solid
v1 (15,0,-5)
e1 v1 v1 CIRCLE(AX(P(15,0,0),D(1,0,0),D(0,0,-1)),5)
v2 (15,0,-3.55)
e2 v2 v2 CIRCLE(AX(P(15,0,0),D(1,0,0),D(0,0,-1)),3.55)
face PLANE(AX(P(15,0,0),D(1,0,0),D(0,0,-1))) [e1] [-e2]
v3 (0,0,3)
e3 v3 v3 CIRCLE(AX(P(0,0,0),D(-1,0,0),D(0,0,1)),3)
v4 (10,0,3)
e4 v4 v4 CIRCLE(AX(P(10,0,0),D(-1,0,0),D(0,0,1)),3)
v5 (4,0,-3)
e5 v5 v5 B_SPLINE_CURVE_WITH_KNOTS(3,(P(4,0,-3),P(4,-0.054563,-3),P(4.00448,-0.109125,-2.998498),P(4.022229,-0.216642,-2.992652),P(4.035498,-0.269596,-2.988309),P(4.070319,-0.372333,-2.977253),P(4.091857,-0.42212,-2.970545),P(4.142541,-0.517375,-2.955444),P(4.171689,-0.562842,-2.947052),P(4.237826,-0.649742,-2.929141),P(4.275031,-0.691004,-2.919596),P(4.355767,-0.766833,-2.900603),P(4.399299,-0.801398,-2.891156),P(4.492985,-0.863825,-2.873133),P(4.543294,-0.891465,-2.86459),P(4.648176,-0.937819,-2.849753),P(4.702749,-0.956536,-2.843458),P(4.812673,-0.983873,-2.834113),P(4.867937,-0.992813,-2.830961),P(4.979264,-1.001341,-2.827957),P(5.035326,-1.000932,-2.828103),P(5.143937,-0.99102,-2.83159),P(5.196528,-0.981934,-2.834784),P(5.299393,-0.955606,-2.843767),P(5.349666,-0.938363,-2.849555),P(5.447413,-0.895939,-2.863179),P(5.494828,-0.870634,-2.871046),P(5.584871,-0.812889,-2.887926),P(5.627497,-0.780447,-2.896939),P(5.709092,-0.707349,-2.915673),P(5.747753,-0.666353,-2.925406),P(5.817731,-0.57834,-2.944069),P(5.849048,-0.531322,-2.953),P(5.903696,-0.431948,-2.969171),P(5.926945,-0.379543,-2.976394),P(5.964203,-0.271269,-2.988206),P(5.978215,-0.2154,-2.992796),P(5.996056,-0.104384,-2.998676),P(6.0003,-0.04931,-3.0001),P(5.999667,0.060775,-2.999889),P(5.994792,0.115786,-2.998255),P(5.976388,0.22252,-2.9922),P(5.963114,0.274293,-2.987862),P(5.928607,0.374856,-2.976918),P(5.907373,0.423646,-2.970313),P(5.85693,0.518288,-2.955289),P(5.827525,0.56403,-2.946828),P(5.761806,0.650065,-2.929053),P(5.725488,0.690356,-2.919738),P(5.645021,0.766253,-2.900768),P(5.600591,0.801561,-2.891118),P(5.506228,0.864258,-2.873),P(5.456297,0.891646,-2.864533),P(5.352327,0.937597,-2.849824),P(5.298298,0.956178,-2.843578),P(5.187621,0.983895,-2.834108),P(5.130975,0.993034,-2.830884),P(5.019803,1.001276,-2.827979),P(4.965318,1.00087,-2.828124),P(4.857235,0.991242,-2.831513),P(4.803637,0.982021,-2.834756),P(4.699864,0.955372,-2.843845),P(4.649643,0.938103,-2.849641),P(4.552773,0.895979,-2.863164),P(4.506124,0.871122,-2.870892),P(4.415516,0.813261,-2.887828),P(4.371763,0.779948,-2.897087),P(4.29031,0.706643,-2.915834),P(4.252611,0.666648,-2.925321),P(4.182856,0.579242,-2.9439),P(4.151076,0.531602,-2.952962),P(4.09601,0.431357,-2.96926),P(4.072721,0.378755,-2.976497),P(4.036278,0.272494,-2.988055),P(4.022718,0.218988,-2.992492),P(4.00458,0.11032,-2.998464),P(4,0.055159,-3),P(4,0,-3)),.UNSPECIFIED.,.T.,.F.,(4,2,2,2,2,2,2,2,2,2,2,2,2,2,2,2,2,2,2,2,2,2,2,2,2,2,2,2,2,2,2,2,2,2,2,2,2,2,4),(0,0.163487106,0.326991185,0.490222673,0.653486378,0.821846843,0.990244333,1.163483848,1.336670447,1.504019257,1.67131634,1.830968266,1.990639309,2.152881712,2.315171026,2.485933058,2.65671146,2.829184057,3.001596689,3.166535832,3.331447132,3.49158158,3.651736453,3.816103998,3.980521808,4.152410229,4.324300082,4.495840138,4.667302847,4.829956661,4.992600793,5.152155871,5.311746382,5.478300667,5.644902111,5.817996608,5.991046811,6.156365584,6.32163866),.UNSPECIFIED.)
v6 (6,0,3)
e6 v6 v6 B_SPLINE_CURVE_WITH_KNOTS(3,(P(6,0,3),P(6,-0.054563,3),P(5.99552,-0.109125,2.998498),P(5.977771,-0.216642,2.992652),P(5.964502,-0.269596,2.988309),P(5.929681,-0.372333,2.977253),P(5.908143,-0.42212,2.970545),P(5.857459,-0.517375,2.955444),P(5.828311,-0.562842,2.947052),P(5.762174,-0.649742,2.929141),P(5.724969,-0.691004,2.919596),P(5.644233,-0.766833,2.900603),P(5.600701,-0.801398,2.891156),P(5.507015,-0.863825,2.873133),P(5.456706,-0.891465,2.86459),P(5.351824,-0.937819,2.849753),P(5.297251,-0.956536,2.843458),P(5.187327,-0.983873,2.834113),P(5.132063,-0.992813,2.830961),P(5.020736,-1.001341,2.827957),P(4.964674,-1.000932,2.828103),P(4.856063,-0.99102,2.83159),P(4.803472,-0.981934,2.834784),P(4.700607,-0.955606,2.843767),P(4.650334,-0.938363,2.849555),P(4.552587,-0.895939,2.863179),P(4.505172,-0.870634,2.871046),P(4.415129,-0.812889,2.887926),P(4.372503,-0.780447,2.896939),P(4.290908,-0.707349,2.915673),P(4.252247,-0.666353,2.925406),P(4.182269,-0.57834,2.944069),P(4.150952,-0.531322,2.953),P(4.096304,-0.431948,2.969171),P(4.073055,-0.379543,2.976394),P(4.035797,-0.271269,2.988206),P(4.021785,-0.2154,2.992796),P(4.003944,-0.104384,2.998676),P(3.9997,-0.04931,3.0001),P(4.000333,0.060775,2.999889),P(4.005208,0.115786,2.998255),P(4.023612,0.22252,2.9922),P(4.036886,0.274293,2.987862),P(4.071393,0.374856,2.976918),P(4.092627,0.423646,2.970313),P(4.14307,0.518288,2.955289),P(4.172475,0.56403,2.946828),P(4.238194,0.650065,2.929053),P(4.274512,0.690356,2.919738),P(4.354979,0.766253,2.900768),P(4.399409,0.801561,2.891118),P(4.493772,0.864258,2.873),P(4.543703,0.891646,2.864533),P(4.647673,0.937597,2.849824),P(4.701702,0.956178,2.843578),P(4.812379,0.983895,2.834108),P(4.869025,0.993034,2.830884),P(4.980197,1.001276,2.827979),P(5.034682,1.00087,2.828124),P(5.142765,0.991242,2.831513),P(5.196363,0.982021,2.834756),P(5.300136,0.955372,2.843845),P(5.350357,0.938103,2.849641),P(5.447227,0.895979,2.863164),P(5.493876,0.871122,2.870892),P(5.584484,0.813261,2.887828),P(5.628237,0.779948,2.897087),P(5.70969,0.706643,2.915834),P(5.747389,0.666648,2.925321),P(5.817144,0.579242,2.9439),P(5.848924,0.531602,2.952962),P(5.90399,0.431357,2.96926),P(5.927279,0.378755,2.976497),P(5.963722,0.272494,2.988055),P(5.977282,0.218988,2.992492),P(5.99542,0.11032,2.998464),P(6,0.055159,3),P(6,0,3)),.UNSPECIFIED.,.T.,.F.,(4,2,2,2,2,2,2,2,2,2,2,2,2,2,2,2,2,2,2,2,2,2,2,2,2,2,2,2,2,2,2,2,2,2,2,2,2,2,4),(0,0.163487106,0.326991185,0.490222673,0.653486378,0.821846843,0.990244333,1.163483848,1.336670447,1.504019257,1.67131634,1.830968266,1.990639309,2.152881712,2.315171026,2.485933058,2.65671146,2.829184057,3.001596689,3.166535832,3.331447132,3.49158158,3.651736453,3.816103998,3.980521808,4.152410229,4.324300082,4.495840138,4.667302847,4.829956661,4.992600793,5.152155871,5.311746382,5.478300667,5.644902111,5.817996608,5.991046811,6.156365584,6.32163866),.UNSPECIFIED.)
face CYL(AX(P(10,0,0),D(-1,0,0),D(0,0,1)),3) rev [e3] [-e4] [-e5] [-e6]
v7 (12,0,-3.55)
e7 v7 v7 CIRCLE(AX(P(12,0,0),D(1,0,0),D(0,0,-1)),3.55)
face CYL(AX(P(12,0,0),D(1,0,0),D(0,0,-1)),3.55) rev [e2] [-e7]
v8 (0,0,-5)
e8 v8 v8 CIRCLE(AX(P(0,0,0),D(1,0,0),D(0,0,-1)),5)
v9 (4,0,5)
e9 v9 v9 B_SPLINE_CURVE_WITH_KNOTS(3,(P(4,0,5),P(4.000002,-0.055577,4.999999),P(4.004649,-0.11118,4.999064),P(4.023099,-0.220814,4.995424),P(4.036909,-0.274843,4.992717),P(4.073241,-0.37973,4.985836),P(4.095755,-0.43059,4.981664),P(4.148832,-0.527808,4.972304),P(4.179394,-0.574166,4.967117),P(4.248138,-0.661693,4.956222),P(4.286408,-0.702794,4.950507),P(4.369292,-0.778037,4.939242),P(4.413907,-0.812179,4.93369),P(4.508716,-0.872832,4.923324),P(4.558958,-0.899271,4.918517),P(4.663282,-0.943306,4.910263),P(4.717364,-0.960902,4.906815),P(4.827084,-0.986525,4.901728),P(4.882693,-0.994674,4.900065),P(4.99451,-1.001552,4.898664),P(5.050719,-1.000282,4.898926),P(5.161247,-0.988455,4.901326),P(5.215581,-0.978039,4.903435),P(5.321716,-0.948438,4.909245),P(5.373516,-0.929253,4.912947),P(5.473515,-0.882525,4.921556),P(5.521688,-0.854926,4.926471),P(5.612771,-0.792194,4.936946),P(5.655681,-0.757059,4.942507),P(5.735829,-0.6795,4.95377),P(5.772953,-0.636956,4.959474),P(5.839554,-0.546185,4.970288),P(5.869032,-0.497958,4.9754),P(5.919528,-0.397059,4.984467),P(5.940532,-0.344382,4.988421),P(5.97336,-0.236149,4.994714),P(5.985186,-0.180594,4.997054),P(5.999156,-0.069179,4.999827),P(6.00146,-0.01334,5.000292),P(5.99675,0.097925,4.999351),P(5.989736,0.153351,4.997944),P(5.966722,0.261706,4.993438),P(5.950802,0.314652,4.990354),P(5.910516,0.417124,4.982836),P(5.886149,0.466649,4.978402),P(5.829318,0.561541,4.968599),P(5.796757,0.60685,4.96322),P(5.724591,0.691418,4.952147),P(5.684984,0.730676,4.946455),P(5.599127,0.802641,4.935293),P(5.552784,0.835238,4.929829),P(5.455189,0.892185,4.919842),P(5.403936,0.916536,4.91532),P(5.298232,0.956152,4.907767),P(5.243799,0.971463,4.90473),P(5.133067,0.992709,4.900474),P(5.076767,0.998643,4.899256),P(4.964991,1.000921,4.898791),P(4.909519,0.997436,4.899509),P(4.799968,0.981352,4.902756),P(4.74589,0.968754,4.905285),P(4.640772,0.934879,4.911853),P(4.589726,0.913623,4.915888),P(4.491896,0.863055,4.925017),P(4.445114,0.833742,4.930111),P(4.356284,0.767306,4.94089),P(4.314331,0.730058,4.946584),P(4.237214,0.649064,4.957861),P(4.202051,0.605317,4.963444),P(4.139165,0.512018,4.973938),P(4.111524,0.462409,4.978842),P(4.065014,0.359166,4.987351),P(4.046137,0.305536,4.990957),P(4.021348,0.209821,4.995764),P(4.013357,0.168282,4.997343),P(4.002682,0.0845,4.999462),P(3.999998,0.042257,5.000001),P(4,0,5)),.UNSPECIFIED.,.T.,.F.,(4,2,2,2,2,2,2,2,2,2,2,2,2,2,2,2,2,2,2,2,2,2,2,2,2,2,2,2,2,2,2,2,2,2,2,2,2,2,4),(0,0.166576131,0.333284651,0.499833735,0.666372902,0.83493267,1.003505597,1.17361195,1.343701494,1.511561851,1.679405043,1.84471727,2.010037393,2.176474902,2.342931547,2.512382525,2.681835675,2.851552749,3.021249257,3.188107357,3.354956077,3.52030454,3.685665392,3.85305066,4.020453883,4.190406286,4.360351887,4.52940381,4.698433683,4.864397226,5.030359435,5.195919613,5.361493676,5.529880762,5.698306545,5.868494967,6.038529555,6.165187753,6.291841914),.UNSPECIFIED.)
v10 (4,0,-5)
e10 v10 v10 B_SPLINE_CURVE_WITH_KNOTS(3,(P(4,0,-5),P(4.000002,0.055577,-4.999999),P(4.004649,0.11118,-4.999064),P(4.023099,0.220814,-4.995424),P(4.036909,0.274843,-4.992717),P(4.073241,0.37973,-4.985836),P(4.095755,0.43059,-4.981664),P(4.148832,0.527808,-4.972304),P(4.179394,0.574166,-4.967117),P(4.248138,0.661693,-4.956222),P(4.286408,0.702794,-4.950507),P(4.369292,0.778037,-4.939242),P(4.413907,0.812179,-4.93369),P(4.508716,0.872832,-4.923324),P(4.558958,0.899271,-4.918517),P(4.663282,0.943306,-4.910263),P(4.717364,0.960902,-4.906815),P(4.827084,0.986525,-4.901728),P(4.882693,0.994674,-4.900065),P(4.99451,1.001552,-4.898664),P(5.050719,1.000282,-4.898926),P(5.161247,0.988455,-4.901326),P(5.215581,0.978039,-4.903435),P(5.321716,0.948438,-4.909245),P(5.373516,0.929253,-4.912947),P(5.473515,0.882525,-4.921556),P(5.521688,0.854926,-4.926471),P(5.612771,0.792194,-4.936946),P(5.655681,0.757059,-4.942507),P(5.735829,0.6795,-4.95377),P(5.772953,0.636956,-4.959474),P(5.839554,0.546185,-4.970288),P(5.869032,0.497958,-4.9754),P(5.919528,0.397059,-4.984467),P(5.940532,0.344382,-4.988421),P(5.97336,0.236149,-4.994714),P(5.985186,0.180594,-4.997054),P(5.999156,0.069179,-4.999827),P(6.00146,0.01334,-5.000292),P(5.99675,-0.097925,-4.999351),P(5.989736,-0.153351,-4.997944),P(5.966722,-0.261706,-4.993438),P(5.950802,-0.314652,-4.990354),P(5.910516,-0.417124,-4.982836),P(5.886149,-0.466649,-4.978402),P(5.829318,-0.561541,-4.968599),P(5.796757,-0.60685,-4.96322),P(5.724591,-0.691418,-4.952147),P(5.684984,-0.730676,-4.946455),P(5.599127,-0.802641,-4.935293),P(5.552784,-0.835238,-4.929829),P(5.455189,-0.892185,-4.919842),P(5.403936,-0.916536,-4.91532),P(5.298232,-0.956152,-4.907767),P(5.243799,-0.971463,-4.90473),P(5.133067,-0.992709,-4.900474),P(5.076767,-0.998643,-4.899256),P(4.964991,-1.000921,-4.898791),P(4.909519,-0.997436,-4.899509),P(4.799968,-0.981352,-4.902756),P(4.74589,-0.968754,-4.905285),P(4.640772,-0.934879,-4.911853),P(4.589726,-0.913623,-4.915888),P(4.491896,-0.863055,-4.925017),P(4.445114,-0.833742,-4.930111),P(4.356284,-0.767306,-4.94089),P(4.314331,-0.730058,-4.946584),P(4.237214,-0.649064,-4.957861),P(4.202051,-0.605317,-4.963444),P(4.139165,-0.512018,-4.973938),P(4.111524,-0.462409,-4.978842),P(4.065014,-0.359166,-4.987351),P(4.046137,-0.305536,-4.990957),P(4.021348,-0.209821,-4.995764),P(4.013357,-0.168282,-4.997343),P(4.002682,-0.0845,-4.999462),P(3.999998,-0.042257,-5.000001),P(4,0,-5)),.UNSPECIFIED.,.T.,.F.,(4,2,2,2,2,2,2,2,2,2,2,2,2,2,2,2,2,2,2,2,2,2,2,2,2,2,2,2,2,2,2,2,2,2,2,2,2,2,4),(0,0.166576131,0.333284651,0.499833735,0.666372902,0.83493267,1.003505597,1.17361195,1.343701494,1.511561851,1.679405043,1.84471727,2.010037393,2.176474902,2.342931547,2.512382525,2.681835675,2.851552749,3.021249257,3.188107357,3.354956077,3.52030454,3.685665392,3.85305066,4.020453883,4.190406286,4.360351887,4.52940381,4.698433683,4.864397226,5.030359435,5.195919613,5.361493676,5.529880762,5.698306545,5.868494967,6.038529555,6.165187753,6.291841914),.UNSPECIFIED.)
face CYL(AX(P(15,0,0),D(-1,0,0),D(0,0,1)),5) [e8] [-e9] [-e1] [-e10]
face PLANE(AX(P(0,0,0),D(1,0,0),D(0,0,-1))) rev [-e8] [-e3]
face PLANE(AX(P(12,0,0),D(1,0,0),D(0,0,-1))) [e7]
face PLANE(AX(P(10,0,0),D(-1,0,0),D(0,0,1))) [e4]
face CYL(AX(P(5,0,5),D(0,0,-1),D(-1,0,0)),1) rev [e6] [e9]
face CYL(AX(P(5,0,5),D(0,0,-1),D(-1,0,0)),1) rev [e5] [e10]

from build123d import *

# Parameters (mm, degrees)
SKETCH_1_R               = 5
EXTRUDE_1_DEPTH          = 15
SKETCH_2_R               = 3.55
CUT_EXTRUDE_1_DEPTH      = 3
SKETCH_3_R               = 3
CUT_EXTRUDE_2_DEPTH      = 10
CUT_EXTRUDE_3_DEPTH      = 5
CUT_EXTRUDE_3_DEPTH_BACK = 5
SKETCH_4_R               = 1


with BuildPart() as part:
    # 草图1 → 凸台-拉伸1 (new body)
    with BuildSketch(Plane(origin=(0, 0, 0), x_dir=(0, 0, -1), z_dir=(1, 0, 0))):
        Circle(SKETCH_1_R)
    extrude(amount=EXTRUDE_1_DEPTH)

    # 草图2 → 切除-拉伸1 (cut)
    with BuildSketch(Plane(origin=(15, 0, 0), x_dir=(0, 0, -1), z_dir=(1, 0, 0))):
        Circle(SKETCH_2_R)
    extrude(amount=-CUT_EXTRUDE_1_DEPTH, mode=Mode.SUBTRACT)

    # 草图3 → 切除-拉伸2 (cut)
    with BuildSketch(Plane.ZY):
        Circle(SKETCH_3_R)
    extrude(amount=-CUT_EXTRUDE_2_DEPTH, mode=Mode.SUBTRACT)

    # 草图4 → 切除-拉伸3 (cut, two sides: drawn at the far end of the back side and taken through both)
    with BuildSketch(Plane.XY.offset(-CUT_EXTRUDE_3_DEPTH_BACK)):
        with Locations((5, 0)):
            Circle(SKETCH_4_R)
    extrude(amount=CUT_EXTRUDE_3_DEPTH + CUT_EXTRUDE_3_DEPTH_BACK, mode=Mode.SUBTRACT)


solid = part.part
